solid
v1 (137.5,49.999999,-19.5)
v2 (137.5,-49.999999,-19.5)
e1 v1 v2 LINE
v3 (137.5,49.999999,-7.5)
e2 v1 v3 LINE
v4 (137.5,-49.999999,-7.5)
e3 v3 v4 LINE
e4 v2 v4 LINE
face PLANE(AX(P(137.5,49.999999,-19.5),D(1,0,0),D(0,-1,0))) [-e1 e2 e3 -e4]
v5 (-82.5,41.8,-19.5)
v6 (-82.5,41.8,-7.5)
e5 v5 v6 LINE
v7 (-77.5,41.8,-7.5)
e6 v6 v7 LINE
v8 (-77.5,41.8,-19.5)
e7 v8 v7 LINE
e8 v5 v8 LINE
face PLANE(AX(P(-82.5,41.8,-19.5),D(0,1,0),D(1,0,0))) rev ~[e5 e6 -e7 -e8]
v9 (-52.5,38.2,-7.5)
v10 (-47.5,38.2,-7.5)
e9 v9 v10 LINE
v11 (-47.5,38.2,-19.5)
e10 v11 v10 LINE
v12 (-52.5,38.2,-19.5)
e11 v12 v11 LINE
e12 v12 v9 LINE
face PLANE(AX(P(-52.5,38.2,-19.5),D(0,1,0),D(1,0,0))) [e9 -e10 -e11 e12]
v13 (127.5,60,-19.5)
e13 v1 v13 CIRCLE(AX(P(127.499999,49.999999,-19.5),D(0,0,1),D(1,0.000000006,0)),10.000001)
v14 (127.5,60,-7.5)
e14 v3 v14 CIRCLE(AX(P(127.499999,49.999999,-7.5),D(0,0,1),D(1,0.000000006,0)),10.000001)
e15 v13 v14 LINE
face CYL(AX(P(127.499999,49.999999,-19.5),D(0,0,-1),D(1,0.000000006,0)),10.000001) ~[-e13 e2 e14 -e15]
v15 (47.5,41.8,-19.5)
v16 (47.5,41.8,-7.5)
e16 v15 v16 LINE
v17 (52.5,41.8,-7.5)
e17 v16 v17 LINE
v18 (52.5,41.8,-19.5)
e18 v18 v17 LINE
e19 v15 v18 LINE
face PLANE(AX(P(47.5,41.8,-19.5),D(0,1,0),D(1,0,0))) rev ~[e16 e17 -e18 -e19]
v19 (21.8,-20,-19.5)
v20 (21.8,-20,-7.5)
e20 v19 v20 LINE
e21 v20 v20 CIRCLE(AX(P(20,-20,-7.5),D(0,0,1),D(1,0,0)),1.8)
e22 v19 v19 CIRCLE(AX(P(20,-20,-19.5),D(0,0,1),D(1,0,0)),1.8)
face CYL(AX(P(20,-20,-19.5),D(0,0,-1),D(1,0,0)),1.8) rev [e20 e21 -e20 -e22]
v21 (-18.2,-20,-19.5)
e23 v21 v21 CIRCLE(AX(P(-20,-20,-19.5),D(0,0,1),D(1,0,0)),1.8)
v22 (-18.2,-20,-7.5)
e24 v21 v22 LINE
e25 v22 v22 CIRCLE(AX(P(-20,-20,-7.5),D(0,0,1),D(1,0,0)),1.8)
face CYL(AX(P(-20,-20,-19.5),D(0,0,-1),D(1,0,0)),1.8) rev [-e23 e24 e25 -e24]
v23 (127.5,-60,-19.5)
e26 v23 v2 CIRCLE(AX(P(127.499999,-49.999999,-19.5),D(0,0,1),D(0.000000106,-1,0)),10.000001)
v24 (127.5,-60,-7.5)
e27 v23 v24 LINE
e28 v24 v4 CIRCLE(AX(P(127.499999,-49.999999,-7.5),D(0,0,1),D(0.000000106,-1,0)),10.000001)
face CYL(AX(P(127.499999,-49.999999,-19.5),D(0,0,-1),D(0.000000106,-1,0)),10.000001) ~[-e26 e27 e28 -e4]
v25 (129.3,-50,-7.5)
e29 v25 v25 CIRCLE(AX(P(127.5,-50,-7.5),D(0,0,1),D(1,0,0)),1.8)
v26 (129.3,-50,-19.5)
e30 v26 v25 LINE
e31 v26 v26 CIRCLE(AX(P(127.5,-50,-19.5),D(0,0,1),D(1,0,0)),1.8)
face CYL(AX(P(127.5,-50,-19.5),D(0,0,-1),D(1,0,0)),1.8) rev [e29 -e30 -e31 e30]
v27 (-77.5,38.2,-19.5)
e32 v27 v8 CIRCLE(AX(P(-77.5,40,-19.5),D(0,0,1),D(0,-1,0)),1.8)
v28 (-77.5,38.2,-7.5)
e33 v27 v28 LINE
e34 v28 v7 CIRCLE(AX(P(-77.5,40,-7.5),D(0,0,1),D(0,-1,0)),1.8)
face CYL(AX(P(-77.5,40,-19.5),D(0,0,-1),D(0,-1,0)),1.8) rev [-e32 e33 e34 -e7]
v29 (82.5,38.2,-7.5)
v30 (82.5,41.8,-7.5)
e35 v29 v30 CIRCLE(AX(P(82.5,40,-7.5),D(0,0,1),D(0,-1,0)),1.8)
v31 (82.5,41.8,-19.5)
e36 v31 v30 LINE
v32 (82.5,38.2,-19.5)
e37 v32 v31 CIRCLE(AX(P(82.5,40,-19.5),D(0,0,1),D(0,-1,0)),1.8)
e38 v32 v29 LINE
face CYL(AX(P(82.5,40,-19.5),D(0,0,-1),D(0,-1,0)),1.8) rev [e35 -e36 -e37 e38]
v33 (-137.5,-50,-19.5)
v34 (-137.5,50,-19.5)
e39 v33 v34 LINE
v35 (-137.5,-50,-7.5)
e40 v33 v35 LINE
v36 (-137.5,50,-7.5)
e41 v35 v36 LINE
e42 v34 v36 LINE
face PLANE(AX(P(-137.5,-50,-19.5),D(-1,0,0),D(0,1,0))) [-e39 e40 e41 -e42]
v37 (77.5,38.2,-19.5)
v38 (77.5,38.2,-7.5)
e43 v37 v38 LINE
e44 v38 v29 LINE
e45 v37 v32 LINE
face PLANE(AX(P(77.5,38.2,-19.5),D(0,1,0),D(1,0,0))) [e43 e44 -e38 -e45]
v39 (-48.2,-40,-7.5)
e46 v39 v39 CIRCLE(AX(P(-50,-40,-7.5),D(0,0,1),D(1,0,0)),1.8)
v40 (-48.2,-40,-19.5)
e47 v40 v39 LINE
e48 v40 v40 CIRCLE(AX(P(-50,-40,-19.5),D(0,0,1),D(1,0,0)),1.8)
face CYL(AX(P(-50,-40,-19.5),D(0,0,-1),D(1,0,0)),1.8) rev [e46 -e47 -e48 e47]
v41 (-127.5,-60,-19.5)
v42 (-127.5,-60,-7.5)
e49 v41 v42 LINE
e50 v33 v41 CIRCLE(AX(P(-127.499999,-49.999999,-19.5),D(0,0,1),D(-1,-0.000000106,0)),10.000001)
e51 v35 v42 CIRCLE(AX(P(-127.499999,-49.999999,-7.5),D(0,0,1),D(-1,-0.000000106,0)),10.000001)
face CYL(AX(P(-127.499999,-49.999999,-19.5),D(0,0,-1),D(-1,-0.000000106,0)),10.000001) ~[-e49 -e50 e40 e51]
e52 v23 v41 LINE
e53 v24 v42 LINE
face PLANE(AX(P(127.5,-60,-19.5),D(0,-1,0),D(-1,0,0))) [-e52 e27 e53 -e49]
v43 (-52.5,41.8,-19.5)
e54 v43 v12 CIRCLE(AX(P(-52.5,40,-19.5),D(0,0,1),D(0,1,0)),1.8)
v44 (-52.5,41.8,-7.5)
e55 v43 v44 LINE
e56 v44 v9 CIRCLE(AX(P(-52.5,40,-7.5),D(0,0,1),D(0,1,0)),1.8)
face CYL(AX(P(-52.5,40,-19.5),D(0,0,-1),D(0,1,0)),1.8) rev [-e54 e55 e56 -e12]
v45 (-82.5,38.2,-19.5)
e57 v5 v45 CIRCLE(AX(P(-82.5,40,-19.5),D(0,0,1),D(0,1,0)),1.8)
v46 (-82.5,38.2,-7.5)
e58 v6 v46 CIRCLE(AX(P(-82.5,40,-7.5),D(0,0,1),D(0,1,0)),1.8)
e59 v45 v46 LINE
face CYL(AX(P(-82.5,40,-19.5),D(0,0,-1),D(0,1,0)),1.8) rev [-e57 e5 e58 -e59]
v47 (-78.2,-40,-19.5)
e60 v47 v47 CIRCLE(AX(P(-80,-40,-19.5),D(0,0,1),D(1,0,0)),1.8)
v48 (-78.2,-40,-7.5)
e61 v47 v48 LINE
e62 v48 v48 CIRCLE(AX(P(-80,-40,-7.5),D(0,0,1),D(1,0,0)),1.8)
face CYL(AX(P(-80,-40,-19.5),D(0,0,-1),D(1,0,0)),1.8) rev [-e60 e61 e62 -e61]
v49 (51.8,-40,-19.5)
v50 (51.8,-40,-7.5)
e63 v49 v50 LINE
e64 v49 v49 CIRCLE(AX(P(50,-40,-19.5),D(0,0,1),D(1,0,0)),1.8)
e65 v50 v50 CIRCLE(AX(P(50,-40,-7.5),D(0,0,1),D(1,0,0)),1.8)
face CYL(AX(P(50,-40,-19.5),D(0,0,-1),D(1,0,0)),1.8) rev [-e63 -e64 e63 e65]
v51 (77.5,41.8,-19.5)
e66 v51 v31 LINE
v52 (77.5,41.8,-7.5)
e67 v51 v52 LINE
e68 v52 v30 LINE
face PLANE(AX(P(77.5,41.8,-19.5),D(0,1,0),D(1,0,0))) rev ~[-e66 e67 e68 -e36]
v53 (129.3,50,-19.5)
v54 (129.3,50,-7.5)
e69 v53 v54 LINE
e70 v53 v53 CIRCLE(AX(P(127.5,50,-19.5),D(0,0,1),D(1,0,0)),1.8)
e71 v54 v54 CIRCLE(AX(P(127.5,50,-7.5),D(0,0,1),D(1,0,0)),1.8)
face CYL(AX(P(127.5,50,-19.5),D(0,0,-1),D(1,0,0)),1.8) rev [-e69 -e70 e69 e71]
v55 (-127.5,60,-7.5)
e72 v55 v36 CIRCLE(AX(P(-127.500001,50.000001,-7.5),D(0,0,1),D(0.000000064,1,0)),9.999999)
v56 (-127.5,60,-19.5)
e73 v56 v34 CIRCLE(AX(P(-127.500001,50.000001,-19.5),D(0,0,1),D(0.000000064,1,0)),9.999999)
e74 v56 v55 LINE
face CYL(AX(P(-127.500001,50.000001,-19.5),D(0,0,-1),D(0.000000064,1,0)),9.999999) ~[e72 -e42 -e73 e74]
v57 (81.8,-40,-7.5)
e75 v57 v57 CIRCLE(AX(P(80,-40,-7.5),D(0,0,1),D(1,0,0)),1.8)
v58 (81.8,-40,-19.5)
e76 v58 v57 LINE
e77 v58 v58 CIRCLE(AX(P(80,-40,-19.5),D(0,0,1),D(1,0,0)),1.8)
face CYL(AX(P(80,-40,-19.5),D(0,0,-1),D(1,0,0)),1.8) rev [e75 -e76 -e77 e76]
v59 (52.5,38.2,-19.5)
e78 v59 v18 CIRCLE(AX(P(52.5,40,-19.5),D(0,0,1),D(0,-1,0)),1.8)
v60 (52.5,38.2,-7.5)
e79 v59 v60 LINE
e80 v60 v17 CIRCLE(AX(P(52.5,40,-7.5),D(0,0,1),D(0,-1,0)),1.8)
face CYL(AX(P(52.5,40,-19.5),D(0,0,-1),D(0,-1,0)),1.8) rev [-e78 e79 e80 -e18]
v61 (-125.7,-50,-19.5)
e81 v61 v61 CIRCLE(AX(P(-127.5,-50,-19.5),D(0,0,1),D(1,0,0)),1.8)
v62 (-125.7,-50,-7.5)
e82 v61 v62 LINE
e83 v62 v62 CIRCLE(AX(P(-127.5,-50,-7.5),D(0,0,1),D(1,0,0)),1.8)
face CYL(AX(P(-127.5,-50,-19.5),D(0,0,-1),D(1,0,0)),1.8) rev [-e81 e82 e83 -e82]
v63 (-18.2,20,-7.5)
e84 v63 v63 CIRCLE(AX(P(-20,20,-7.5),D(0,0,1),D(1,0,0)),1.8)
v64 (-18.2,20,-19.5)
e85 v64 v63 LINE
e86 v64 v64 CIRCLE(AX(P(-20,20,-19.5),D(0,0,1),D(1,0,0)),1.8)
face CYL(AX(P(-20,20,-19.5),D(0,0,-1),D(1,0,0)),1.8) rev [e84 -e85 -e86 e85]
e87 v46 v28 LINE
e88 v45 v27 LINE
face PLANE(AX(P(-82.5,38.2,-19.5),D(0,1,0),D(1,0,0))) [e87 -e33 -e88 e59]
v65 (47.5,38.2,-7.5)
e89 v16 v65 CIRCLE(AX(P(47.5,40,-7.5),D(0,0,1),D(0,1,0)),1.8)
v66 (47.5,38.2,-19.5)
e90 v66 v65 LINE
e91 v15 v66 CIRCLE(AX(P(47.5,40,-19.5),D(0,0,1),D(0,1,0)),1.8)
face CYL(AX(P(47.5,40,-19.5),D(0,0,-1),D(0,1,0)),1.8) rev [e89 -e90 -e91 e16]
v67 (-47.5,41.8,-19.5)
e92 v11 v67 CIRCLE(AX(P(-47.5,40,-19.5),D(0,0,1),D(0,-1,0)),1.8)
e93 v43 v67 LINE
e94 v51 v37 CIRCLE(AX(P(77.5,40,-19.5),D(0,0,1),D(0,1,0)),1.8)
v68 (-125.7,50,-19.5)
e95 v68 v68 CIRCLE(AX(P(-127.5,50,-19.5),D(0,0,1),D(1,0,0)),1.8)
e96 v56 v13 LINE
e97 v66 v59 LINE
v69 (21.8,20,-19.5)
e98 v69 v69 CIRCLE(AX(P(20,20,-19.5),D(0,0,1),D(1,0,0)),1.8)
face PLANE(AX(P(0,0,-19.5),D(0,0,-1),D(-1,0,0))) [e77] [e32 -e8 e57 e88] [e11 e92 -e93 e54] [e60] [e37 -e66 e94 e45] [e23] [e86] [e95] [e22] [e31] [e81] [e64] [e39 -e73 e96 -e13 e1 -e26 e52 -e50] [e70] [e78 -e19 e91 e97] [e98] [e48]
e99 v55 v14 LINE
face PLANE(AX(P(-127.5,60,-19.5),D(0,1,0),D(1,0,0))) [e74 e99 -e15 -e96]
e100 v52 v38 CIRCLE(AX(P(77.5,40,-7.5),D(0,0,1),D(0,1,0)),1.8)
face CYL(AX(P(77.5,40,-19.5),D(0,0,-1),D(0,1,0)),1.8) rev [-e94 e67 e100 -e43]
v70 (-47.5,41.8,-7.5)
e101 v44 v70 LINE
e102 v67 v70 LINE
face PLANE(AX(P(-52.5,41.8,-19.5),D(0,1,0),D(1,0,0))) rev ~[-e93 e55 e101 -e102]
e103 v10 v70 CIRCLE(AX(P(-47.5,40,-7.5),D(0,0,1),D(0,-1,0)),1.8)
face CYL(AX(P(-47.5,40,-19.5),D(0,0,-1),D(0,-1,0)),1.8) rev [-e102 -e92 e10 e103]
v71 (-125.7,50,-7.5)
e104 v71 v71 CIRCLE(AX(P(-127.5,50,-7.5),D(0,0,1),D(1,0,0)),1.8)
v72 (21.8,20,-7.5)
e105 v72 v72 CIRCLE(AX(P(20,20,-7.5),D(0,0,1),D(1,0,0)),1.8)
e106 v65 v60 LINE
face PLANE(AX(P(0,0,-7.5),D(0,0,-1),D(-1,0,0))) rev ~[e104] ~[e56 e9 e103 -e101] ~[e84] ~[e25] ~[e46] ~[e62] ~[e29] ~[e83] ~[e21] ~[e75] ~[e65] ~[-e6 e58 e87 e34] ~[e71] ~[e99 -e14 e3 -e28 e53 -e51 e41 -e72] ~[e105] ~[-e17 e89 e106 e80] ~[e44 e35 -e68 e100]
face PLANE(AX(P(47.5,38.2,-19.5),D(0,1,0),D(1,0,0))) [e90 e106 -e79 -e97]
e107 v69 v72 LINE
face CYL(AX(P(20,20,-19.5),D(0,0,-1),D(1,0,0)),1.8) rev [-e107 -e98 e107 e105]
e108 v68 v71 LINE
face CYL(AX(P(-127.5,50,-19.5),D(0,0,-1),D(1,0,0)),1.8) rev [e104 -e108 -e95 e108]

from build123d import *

# Parameters (mm, degrees)
SKETCH001_R  = 1.8
PAD001_DEPTH = 12


with BuildPart() as part:
    # Sketch001 → Pad001 (new body)
    with BuildSketch(Plane.XY.offset(-19.5)):
        with BuildLine():
            Line((-127.5, 60), (127.5, 60))
            ThreePointArc((137.5, 49.999999), (134.571068, 57.071067), (127.5, 60))
            Line((137.5, 49.999999), (137.5, -49.999999))
            ThreePointArc((127.5, -60), (134.571068, -57.071067), (137.5, -49.999999))
            Line((127.5, -60), (-127.5, -60))
            ThreePointArc((-137.5, -50), (-134.571068, -57.071067), (-127.5, -60))
            Line((-137.5, -50), (-137.5, 50))
            ThreePointArc((-127.5, 60), (-134.571068, 57.071068), (-137.5, 50))
        make_face()
        with Locations((-80, -40)):
            Circle(SKETCH001_R, mode=Mode.SUBTRACT)
        with Locations((-50, -40)):
            Circle(SKETCH001_R, mode=Mode.SUBTRACT)
        with Locations((50, -40)):
            Circle(SKETCH001_R, mode=Mode.SUBTRACT)
        with Locations((80, -40)):
            Circle(SKETCH001_R, mode=Mode.SUBTRACT)
        with Locations((-127.5, -50)):
            Circle(SKETCH001_R, mode=Mode.SUBTRACT)
        with Locations((-127.5, 50)):
            Circle(SKETCH001_R, mode=Mode.SUBTRACT)
        with Locations((127.5, 50)):
            Circle(SKETCH001_R, mode=Mode.SUBTRACT)
        with Locations((127.5, -50)):
            Circle(SKETCH001_R, mode=Mode.SUBTRACT)
        with Locations((-20, 20)):
            Circle(SKETCH001_R, mode=Mode.SUBTRACT)
        with Locations((20, 20)):
            Circle(SKETCH001_R, mode=Mode.SUBTRACT)
        with Locations((-20, -20)):
            Circle(SKETCH001_R, mode=Mode.SUBTRACT)
        with Locations((20, -20)):
            Circle(SKETCH001_R, mode=Mode.SUBTRACT)
        with BuildLine():
            ThreePointArc((-82.5, 41.8), (-84.3, 40), (-82.5, 38.2))
            Line((-82.5, 38.2), (-77.5, 38.2))
            ThreePointArc((-77.5, 38.2), (-75.7, 40), (-77.5, 41.8))
            Line((-82.5, 41.8), (-77.5, 41.8))
        make_face(mode=Mode.SUBTRACT)
        with BuildLine():
            ThreePointArc((-52.5, 41.8), (-54.3, 40), (-52.5, 38.2))
            Line((-52.5, 38.2), (-47.5, 38.2))
            ThreePointArc((-47.5, 38.2), (-45.7, 40), (-47.5, 41.8))
            Line((-52.5, 41.8), (-47.5, 41.8))
        make_face(mode=Mode.SUBTRACT)
        with BuildLine():
            ThreePointArc((47.5, 41.8), (45.7, 40), (47.5, 38.2))
            Line((47.5, 38.2), (52.5, 38.2))
            ThreePointArc((52.5, 38.2), (54.3, 40), (52.5, 41.8))
            Line((47.5, 41.8), (52.5, 41.8))
        make_face(mode=Mode.SUBTRACT)
        with BuildLine():
            ThreePointArc((77.5, 41.8), (75.7, 40), (77.5, 38.2))
            Line((77.5, 38.2), (82.5, 38.2))
            ThreePointArc((82.5, 38.2), (84.3, 40), (82.5, 41.8))
            Line((77.5, 41.8), (82.5, 41.8))
        make_face(mode=Mode.SUBTRACT)
    extrude(amount=PAD001_DEPTH)


solid = part.part
